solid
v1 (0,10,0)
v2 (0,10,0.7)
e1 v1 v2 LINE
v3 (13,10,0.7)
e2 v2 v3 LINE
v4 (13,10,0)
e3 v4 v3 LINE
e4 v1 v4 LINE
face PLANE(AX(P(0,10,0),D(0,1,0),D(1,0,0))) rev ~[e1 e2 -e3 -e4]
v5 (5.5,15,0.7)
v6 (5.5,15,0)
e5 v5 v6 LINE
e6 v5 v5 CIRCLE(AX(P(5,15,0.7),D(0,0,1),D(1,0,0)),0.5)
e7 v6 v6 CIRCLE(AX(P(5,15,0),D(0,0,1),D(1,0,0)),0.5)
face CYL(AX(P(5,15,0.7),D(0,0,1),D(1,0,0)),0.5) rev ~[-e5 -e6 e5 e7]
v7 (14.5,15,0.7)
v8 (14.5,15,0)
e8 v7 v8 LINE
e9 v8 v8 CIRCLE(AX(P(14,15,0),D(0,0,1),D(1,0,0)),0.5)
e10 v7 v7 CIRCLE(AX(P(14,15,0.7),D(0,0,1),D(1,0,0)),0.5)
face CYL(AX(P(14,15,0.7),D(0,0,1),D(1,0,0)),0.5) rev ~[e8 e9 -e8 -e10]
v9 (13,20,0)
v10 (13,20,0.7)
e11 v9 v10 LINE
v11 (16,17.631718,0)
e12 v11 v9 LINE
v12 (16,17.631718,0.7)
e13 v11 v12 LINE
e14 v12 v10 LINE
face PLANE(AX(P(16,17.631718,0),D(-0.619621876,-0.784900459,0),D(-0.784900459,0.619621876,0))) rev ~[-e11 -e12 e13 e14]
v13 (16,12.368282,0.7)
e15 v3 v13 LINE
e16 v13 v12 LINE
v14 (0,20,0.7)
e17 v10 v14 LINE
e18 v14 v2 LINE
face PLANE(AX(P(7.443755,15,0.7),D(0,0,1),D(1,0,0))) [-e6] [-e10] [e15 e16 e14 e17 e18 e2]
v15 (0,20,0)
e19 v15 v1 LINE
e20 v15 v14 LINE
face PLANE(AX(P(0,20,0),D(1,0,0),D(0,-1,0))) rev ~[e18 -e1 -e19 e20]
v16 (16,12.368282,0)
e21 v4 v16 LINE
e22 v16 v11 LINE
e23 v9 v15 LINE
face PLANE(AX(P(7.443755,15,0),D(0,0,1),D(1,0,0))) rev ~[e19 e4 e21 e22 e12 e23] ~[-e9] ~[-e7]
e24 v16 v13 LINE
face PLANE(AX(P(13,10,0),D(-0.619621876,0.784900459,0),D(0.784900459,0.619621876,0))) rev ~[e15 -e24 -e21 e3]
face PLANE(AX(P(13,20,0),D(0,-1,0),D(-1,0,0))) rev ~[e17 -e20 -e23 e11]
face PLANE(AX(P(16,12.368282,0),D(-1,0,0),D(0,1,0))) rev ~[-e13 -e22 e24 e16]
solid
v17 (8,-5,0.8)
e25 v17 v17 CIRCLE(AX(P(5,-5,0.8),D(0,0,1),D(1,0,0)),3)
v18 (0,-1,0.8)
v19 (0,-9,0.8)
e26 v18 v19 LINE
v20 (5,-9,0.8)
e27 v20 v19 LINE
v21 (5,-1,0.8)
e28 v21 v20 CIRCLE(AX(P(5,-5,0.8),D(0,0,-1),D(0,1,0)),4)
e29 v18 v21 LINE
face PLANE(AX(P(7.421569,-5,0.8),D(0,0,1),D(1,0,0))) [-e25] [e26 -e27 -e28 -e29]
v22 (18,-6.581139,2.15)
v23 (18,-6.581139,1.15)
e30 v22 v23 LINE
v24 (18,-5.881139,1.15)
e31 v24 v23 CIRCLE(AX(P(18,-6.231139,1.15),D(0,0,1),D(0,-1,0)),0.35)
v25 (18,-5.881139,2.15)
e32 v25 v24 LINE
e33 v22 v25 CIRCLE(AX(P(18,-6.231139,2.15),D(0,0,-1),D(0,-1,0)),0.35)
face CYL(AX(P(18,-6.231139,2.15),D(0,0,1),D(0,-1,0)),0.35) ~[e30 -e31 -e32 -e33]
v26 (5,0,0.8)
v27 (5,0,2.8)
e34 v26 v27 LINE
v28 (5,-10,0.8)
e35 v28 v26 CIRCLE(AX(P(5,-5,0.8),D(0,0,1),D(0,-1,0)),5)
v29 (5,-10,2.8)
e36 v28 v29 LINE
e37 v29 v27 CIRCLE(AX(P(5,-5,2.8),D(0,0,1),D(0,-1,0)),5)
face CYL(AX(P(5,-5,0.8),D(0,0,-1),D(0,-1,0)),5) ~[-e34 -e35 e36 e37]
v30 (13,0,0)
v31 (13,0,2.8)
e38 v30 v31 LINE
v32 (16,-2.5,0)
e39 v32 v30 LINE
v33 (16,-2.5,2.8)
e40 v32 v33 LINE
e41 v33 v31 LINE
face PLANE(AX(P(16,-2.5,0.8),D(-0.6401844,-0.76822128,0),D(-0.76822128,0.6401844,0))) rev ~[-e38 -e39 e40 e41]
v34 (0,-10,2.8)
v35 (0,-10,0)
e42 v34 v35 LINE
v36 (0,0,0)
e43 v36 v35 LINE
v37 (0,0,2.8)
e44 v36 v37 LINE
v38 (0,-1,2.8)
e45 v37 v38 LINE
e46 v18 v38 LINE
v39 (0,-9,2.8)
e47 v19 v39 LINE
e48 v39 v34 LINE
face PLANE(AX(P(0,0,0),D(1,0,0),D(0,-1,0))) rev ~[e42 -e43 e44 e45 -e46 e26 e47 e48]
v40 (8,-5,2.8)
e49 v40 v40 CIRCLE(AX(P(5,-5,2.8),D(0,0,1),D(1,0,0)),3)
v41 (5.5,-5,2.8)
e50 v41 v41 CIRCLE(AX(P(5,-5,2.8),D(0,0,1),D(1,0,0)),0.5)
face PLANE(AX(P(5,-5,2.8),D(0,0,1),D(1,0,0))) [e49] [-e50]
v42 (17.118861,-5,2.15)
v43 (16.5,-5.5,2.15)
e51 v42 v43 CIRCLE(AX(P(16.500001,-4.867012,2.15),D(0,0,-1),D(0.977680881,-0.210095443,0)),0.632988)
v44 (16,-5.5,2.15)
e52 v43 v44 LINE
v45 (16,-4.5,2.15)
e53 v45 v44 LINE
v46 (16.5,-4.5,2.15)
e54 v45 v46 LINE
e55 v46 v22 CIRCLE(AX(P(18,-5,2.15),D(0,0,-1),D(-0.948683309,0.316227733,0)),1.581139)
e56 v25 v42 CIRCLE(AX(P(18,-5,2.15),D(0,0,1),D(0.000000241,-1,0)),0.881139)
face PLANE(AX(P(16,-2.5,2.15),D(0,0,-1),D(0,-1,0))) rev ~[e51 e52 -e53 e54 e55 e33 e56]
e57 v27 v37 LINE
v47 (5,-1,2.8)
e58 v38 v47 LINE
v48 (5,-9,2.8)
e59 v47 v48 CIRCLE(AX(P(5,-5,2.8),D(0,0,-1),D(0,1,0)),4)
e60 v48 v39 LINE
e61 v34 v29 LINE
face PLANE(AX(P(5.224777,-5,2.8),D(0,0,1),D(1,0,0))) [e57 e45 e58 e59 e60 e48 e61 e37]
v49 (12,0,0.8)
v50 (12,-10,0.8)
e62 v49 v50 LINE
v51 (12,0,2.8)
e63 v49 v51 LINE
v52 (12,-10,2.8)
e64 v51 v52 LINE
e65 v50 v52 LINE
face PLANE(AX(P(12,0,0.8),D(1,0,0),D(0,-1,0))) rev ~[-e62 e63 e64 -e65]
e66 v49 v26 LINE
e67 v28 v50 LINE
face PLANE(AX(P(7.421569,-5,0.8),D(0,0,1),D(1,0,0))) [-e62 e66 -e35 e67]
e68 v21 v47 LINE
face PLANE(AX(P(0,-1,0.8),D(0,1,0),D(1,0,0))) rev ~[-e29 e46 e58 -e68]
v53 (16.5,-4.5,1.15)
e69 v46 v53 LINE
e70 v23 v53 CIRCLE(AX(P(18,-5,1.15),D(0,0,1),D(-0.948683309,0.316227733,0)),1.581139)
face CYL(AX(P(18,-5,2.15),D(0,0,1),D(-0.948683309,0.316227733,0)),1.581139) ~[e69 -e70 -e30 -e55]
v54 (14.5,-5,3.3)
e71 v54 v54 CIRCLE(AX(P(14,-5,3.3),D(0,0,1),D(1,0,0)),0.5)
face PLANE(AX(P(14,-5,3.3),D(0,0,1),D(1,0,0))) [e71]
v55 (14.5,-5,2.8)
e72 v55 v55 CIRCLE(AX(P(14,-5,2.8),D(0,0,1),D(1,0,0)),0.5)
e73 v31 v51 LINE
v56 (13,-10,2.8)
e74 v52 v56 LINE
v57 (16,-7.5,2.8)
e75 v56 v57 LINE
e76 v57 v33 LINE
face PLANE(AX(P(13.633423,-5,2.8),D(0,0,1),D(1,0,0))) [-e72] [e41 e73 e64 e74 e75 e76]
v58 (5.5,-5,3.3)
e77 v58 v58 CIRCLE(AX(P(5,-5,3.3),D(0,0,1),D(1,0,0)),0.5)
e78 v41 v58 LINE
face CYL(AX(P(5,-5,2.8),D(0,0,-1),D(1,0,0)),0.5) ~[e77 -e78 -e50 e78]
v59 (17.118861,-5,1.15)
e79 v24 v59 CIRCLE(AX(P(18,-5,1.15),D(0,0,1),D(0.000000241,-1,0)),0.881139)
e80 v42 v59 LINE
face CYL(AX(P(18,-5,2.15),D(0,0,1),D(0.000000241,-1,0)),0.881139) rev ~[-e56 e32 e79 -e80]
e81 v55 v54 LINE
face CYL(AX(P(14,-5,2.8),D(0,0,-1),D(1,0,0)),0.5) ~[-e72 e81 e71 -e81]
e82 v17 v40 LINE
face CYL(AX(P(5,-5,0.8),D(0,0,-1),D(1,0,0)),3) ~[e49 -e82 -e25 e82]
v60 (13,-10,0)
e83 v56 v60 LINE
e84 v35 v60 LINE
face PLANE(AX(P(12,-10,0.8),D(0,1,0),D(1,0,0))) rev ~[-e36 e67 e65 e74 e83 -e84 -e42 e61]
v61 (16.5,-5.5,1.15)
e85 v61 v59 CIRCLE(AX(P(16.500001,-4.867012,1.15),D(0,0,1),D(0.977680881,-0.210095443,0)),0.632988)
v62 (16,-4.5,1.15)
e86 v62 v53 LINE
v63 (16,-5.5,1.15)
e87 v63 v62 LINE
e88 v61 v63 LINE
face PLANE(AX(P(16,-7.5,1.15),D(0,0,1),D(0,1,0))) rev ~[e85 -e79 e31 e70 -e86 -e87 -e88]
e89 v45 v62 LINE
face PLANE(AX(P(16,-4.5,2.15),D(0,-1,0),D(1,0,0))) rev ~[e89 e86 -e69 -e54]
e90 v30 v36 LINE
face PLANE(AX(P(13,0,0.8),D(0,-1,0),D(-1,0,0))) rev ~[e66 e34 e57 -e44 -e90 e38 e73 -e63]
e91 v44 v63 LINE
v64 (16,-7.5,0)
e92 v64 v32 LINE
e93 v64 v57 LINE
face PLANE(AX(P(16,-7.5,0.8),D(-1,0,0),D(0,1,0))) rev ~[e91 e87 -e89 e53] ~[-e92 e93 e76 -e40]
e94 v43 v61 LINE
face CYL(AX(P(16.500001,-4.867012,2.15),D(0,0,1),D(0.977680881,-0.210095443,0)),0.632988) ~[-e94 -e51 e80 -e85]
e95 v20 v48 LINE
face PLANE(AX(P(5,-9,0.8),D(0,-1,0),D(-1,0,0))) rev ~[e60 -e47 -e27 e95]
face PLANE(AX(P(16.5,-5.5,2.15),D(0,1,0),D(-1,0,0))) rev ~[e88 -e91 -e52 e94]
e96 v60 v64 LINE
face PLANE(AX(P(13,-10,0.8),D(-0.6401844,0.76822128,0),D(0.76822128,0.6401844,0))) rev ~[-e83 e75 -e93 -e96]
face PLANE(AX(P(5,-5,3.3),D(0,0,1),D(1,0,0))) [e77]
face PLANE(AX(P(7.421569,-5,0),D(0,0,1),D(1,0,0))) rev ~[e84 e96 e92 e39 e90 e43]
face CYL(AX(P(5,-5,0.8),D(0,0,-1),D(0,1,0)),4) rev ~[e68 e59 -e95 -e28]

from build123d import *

# Parameters (mm, degrees)
F1_DEPTH  = 0.8
F2_R      = 3
F3_DEPTH  = 2
F4_R      = 0.5
F5_DEPTH  = 0.5
F6_R      = 0.5
F7_DEPTH  = 0.5
F9_DEPTH  = 5
F11_DEPTH = 25
F13_DEPTH = 0.7
F14_R     = 0.5
F15_DEPTH = 25


with BuildPart() as f1:
    # F0 (on Top) → F1 (new body)
    with BuildSketch(Plane.XY):
        Polygon((13, 0), (0, 0), (0, -10), (13, -10), (16, -7.5), (16, -2.5), align=None)
    extrude(amount=F1_DEPTH)

    # F2 (on face) → F3 (join)
    with BuildSketch(Plane.XY.offset(0.8)):
        with Locations((5, -5)):
            Circle(F2_R)
        Polygon((13, -10), (16, -7.5), (16, -2.5), (13, 0), (12, 0), (12, -10), align=None)
        with BuildLine():
            ThreePointArc((5, -10), (10, -5), (5, 0))
            Line((5, 0), (0, 0))
            Line((0, 0), (0, -1))
            Line((0, -1), (5, -1))
            ThreePointArc((5, -1), (9, -5), (5, -9))
            Line((5, -9), (0, -9))
            Line((0, -9), (0, -10))
            Line((0, -10), (5, -10))
        make_face()
    extrude(amount=F3_DEPTH)

    # F4 (on face) → F5 (join)
    with BuildSketch(Plane.XY.offset(2.8)):
        with Locations((5, -5)):
            Circle(F4_R)
    extrude(amount=F5_DEPTH)

    # F6 (on face) → F7 (join)
    with BuildSketch(Plane.XY.offset(2.8)):
        with Locations((14, -5)):
            Circle(F6_R)
    extrude(amount=F7_DEPTH)

    # F8 (on face) → F9 (join)
    with BuildSketch(Plane.YZ.offset(16)):
        Polygon((-7.5, 2.15), (-7.5, 1.65), (-7.5, 1.15), (-2.5, 1.15), (-2.5, 2.15), align=None)
    extrude(amount=F9_DEPTH)

    # F10 (on face) → F11 (cut)
    with BuildSketch(Plane.XY.offset(2.15)):
        with BuildLine():
            Line((16, -2.5), (16, -4.5))
            Line((16, -4.5), (16.5, -4.5))
            ThreePointArc((16.5, -4.5), (19.282687, -4.075492), (18, -6.581139))
            ThreePointArc((18, -6.581139), (17.65, -6.231139), (18, -5.881139))
            ThreePointArc((18, -5.881139), (18.623059, -4.376941), (17.118861, -5))
            ThreePointArc((17.118861, -5), (16.897803, -5.359381), (16.5, -5.5))
            Line((16.5, -5.5), (16, -5.5))
            Line((16, -5.5), (16, -7.5))
            Line((16, -7.5), (21, -7.5))
            Line((21, -7.5), (21, -2.5))
            Line((21, -2.5), (16, -2.5))
        make_face()
    extrude(amount=-F11_DEPTH, mode=Mode.SUBTRACT)


with BuildPart() as f13:
    # F12 (on Top) → F13 (new body)
    with BuildSketch(Plane.XY):
        Polygon((0, 20), (0, 10), (13, 10), (16, 12.368282), (16, 17.631718), (13, 20), align=None)
    extrude(amount=F13_DEPTH)

    # F14 (on face) → F15 (cut)
    with BuildSketch(Plane.XY.offset(0.7)):
        with Locations((5, 15)):
            Circle(F14_R)
        with Locations((14, 15)):
            Circle(F14_R)
    extrude(amount=-F15_DEPTH, mode=Mode.SUBTRACT)


solid = Compound([f1.part, f13.part])
